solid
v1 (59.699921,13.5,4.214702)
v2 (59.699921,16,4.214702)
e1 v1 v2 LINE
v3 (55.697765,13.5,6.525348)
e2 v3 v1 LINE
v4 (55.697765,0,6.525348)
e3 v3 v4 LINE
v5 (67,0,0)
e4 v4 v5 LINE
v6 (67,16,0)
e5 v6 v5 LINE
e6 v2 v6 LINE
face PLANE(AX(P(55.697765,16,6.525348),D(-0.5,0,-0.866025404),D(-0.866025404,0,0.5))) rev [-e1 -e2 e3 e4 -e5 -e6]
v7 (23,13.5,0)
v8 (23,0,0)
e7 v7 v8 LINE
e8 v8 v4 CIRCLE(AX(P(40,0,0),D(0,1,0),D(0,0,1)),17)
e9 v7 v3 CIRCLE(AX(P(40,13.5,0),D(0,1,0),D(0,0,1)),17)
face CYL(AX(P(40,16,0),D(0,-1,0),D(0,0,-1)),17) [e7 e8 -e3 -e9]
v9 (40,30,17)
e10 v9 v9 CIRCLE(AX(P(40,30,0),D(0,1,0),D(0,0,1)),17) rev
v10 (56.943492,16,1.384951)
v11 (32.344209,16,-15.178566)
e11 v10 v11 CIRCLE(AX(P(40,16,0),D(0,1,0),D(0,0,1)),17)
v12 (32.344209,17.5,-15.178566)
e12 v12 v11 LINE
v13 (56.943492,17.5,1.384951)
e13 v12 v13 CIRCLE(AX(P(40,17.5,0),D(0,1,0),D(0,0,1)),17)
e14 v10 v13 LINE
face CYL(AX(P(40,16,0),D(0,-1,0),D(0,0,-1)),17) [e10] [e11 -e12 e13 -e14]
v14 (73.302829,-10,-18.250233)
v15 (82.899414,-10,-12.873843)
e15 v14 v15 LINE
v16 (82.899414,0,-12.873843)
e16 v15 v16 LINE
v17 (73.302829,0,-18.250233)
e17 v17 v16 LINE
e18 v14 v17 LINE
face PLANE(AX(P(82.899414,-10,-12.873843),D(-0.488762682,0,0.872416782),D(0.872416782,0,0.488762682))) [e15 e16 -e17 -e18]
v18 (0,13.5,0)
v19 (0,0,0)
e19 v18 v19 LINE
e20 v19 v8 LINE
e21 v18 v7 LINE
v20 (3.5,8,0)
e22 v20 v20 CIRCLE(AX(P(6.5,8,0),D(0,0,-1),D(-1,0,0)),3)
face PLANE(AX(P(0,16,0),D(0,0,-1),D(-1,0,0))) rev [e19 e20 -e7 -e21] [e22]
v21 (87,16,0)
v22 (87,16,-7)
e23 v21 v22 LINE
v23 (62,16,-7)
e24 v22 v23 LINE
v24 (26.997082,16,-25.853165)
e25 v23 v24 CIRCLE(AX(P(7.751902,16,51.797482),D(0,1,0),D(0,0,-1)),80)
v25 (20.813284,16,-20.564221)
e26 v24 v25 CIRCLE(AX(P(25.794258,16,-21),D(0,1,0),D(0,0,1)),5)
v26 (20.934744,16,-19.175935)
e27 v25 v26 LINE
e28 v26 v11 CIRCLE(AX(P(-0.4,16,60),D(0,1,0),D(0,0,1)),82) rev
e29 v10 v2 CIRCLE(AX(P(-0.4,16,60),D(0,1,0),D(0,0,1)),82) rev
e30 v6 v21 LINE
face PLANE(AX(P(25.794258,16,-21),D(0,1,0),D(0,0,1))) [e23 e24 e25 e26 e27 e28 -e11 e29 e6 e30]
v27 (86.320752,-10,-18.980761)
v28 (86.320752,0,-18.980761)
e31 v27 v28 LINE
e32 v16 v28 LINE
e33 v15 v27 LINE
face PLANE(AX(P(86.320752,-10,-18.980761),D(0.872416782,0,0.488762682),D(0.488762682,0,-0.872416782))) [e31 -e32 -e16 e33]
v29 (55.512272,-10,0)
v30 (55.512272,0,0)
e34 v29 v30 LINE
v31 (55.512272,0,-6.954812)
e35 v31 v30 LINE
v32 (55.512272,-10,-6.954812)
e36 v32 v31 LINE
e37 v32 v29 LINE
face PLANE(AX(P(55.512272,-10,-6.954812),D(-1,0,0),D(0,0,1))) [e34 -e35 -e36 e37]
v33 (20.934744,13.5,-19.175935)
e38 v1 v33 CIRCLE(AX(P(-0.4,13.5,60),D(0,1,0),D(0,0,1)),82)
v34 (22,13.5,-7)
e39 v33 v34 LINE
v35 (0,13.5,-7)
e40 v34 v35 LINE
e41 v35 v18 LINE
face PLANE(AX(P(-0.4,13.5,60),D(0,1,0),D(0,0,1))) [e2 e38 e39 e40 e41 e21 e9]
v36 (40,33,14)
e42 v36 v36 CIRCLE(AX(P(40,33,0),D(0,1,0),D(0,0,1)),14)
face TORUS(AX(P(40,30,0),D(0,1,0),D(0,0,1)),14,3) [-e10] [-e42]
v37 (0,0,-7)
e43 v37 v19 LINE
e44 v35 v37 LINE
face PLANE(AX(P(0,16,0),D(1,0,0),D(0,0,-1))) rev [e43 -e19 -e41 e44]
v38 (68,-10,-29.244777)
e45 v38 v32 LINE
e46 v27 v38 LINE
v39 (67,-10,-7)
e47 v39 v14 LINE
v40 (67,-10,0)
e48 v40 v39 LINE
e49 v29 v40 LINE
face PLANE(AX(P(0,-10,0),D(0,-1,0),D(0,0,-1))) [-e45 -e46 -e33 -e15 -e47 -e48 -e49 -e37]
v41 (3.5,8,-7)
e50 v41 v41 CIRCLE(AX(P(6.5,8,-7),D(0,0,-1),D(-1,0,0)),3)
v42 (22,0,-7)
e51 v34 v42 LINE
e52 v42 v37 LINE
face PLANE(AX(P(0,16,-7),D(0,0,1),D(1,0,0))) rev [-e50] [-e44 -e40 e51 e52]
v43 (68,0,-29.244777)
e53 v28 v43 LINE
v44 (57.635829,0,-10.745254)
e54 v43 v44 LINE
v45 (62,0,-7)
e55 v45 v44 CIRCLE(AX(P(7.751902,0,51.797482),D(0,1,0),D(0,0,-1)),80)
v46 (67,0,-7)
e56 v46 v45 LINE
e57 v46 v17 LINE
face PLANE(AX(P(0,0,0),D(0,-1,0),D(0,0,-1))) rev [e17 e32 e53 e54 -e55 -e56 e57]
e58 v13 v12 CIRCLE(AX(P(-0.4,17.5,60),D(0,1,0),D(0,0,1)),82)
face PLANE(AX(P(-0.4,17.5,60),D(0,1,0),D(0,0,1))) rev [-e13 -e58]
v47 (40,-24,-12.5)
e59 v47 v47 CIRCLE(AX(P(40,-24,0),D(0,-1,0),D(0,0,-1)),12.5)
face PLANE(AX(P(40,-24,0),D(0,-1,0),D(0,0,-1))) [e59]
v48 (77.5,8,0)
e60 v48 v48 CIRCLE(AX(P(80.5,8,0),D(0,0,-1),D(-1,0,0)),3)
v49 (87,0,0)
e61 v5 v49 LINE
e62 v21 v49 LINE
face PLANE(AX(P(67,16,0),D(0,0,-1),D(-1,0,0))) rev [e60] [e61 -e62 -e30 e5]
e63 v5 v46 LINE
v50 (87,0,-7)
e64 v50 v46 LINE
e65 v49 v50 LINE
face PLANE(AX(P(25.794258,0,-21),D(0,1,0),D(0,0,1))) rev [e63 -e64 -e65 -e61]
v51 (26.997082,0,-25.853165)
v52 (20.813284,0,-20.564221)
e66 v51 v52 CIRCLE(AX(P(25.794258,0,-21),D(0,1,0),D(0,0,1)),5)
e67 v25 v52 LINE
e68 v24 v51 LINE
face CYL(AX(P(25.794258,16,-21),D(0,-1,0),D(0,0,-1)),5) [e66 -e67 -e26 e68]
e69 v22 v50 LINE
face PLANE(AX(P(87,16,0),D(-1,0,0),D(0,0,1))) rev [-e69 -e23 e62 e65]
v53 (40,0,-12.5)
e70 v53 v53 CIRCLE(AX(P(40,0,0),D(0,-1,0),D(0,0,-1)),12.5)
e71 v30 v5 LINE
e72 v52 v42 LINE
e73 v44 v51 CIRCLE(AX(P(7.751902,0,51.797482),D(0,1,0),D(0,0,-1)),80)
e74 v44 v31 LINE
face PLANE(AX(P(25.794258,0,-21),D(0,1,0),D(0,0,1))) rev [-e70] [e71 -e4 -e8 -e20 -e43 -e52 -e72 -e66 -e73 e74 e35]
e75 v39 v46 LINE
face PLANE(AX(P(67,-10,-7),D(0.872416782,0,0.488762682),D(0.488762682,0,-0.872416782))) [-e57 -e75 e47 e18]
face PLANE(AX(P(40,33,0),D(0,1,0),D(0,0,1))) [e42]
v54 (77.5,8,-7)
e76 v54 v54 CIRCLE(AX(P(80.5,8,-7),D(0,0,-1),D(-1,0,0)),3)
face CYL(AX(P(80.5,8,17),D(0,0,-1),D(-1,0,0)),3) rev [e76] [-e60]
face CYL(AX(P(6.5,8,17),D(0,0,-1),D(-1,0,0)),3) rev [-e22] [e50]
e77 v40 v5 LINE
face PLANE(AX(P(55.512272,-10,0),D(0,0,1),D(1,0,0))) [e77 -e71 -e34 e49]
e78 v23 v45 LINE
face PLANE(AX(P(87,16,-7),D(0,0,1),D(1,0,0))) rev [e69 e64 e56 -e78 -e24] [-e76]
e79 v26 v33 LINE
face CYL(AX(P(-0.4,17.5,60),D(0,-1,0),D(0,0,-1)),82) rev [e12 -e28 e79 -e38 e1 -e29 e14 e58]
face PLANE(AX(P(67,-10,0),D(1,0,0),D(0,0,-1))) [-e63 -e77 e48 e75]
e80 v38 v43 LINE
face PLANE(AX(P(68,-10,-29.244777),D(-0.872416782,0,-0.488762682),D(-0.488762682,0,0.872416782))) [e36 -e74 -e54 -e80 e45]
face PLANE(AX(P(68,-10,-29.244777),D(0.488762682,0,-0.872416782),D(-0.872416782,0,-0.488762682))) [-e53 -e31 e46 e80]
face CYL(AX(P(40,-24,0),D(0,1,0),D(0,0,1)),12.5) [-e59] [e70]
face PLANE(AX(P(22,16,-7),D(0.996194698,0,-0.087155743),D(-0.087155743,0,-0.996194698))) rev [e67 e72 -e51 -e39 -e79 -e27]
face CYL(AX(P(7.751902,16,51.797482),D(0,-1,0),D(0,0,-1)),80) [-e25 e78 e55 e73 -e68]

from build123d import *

# Parameters (mm, degrees)
BOSS_EXTRUDE1_DEPTH = 16
SKETCH2_R           = 17
BOSS_EXTRUDE2_DEPTH = 17
SKETCH3_R           = 12.5
BOSS_EXTRUDE3_DEPTH = 24
SKETCH4_R           = 3
CUT_EXTRUDE1_DEPTH  = 97.093704268
BOSS_EXTRUDE5_DEPTH = 10
SKETCH7_R           = 82
CUT_EXTRUDE2_DEPTH  = 4
FILLET1_R           = 3


with BuildPart() as part:
    # Sketch1 → Boss-Extrude1 (new body)
    with BuildSketch(Plane(origin=(0, 0, 0), x_dir=(1, 0, 0), z_dir=(0, 1, 0))):
        with BuildLine():
            Line((0, 0), (23, 0))
            ThreePointArc((23, 0), (36.672989813, -16.671262796), (55.697765084, -6.525348371))
            Line((55.697765084, -6.525348371), (67, 0))
            Line((67, 0), (87, 0))
            Line((87, 0), (87, 7))
            Line((87, 7), (62, 7))
            ThreePointArc((62, 7), (45.688374241, 18.635635799), (26.997081597, 25.853165477))
            ThreePointArc((26.997081597, 25.853165477), (22.544359958, 24.799758331), (20.813284408, 20.564221286))
            Line((20.813284408, 20.564221286), (22, 7))
            Line((22, 7), (0, 7))
            Line((0, 7), (0, 0))
        make_face()
    extrude(amount=BOSS_EXTRUDE1_DEPTH)

    # Sketch2 → Boss-Extrude2 (add)
    with BuildSketch(Plane(origin=(0, 16, 0), x_dir=(1, 0, 0), z_dir=(0, 1, 0))):
        with Locations(Location((40, 0, 0), (0, 0, 116.765541629))):
            Circle(SKETCH2_R)
    extrude(amount=BOSS_EXTRUDE2_DEPTH)

    # Sketch3 → Boss-Extrude3 (add)
    with BuildSketch(Plane.XZ):
        with Locations(Location((40, 0, 0), (0, 0, 270))):
            Circle(SKETCH3_R)
    extrude(amount=BOSS_EXTRUDE3_DEPTH)

    # Sketch4 → Cut-Extrude1 (cut, through all)
    with BuildSketch(Plane(origin=(0, 0, -7), x_dir=(-1, 0, 0), z_dir=(0, 0, -1))):
        with Locations((-80.5, 8)):
            Circle(SKETCH4_R)
        with Locations((-6.5, 8)):
            Circle(SKETCH4_R)
    extrude(amount=-CUT_EXTRUDE1_DEPTH, mode=Mode.SUBTRACT)

    # Sketch5 → Boss-Extrude5 (add)
    with BuildSketch(Plane(origin=(0, 0, 0), x_dir=(1, 0, 0), z_dir=(0, 1, 0))):
        Polygon((67, 7), (73.302829045, 18.25023255), (82.899413644, 12.873843052), (86.320752416, 18.980760523), (68, 29.244776839), (55.512272379, 6.954811689), (55.512272379, 0), (67, 0), align=None)
    extrude(amount=-BOSS_EXTRUDE5_DEPTH)

    # Sketch7 → Cut-Extrude2 (cut)
    with BuildSketch(Plane(origin=(0, 13.5, 0), x_dir=(1, 0, 0), z_dir=(0, 1, 0))):
        with Locations((-0.4, -60)):
            Circle(SKETCH7_R)
    extrude(amount=CUT_EXTRUDE2_DEPTH, mode=Mode.SUBTRACT)

    # Fillet1
    fillet1_edges = [part.edges().sort_by_distance(p)[0] for p in [
        (47.655791005, 33, 15.178565943),
    ]]
    fillet(fillet1_edges, radius=FILLET1_R)


solid = part.part
